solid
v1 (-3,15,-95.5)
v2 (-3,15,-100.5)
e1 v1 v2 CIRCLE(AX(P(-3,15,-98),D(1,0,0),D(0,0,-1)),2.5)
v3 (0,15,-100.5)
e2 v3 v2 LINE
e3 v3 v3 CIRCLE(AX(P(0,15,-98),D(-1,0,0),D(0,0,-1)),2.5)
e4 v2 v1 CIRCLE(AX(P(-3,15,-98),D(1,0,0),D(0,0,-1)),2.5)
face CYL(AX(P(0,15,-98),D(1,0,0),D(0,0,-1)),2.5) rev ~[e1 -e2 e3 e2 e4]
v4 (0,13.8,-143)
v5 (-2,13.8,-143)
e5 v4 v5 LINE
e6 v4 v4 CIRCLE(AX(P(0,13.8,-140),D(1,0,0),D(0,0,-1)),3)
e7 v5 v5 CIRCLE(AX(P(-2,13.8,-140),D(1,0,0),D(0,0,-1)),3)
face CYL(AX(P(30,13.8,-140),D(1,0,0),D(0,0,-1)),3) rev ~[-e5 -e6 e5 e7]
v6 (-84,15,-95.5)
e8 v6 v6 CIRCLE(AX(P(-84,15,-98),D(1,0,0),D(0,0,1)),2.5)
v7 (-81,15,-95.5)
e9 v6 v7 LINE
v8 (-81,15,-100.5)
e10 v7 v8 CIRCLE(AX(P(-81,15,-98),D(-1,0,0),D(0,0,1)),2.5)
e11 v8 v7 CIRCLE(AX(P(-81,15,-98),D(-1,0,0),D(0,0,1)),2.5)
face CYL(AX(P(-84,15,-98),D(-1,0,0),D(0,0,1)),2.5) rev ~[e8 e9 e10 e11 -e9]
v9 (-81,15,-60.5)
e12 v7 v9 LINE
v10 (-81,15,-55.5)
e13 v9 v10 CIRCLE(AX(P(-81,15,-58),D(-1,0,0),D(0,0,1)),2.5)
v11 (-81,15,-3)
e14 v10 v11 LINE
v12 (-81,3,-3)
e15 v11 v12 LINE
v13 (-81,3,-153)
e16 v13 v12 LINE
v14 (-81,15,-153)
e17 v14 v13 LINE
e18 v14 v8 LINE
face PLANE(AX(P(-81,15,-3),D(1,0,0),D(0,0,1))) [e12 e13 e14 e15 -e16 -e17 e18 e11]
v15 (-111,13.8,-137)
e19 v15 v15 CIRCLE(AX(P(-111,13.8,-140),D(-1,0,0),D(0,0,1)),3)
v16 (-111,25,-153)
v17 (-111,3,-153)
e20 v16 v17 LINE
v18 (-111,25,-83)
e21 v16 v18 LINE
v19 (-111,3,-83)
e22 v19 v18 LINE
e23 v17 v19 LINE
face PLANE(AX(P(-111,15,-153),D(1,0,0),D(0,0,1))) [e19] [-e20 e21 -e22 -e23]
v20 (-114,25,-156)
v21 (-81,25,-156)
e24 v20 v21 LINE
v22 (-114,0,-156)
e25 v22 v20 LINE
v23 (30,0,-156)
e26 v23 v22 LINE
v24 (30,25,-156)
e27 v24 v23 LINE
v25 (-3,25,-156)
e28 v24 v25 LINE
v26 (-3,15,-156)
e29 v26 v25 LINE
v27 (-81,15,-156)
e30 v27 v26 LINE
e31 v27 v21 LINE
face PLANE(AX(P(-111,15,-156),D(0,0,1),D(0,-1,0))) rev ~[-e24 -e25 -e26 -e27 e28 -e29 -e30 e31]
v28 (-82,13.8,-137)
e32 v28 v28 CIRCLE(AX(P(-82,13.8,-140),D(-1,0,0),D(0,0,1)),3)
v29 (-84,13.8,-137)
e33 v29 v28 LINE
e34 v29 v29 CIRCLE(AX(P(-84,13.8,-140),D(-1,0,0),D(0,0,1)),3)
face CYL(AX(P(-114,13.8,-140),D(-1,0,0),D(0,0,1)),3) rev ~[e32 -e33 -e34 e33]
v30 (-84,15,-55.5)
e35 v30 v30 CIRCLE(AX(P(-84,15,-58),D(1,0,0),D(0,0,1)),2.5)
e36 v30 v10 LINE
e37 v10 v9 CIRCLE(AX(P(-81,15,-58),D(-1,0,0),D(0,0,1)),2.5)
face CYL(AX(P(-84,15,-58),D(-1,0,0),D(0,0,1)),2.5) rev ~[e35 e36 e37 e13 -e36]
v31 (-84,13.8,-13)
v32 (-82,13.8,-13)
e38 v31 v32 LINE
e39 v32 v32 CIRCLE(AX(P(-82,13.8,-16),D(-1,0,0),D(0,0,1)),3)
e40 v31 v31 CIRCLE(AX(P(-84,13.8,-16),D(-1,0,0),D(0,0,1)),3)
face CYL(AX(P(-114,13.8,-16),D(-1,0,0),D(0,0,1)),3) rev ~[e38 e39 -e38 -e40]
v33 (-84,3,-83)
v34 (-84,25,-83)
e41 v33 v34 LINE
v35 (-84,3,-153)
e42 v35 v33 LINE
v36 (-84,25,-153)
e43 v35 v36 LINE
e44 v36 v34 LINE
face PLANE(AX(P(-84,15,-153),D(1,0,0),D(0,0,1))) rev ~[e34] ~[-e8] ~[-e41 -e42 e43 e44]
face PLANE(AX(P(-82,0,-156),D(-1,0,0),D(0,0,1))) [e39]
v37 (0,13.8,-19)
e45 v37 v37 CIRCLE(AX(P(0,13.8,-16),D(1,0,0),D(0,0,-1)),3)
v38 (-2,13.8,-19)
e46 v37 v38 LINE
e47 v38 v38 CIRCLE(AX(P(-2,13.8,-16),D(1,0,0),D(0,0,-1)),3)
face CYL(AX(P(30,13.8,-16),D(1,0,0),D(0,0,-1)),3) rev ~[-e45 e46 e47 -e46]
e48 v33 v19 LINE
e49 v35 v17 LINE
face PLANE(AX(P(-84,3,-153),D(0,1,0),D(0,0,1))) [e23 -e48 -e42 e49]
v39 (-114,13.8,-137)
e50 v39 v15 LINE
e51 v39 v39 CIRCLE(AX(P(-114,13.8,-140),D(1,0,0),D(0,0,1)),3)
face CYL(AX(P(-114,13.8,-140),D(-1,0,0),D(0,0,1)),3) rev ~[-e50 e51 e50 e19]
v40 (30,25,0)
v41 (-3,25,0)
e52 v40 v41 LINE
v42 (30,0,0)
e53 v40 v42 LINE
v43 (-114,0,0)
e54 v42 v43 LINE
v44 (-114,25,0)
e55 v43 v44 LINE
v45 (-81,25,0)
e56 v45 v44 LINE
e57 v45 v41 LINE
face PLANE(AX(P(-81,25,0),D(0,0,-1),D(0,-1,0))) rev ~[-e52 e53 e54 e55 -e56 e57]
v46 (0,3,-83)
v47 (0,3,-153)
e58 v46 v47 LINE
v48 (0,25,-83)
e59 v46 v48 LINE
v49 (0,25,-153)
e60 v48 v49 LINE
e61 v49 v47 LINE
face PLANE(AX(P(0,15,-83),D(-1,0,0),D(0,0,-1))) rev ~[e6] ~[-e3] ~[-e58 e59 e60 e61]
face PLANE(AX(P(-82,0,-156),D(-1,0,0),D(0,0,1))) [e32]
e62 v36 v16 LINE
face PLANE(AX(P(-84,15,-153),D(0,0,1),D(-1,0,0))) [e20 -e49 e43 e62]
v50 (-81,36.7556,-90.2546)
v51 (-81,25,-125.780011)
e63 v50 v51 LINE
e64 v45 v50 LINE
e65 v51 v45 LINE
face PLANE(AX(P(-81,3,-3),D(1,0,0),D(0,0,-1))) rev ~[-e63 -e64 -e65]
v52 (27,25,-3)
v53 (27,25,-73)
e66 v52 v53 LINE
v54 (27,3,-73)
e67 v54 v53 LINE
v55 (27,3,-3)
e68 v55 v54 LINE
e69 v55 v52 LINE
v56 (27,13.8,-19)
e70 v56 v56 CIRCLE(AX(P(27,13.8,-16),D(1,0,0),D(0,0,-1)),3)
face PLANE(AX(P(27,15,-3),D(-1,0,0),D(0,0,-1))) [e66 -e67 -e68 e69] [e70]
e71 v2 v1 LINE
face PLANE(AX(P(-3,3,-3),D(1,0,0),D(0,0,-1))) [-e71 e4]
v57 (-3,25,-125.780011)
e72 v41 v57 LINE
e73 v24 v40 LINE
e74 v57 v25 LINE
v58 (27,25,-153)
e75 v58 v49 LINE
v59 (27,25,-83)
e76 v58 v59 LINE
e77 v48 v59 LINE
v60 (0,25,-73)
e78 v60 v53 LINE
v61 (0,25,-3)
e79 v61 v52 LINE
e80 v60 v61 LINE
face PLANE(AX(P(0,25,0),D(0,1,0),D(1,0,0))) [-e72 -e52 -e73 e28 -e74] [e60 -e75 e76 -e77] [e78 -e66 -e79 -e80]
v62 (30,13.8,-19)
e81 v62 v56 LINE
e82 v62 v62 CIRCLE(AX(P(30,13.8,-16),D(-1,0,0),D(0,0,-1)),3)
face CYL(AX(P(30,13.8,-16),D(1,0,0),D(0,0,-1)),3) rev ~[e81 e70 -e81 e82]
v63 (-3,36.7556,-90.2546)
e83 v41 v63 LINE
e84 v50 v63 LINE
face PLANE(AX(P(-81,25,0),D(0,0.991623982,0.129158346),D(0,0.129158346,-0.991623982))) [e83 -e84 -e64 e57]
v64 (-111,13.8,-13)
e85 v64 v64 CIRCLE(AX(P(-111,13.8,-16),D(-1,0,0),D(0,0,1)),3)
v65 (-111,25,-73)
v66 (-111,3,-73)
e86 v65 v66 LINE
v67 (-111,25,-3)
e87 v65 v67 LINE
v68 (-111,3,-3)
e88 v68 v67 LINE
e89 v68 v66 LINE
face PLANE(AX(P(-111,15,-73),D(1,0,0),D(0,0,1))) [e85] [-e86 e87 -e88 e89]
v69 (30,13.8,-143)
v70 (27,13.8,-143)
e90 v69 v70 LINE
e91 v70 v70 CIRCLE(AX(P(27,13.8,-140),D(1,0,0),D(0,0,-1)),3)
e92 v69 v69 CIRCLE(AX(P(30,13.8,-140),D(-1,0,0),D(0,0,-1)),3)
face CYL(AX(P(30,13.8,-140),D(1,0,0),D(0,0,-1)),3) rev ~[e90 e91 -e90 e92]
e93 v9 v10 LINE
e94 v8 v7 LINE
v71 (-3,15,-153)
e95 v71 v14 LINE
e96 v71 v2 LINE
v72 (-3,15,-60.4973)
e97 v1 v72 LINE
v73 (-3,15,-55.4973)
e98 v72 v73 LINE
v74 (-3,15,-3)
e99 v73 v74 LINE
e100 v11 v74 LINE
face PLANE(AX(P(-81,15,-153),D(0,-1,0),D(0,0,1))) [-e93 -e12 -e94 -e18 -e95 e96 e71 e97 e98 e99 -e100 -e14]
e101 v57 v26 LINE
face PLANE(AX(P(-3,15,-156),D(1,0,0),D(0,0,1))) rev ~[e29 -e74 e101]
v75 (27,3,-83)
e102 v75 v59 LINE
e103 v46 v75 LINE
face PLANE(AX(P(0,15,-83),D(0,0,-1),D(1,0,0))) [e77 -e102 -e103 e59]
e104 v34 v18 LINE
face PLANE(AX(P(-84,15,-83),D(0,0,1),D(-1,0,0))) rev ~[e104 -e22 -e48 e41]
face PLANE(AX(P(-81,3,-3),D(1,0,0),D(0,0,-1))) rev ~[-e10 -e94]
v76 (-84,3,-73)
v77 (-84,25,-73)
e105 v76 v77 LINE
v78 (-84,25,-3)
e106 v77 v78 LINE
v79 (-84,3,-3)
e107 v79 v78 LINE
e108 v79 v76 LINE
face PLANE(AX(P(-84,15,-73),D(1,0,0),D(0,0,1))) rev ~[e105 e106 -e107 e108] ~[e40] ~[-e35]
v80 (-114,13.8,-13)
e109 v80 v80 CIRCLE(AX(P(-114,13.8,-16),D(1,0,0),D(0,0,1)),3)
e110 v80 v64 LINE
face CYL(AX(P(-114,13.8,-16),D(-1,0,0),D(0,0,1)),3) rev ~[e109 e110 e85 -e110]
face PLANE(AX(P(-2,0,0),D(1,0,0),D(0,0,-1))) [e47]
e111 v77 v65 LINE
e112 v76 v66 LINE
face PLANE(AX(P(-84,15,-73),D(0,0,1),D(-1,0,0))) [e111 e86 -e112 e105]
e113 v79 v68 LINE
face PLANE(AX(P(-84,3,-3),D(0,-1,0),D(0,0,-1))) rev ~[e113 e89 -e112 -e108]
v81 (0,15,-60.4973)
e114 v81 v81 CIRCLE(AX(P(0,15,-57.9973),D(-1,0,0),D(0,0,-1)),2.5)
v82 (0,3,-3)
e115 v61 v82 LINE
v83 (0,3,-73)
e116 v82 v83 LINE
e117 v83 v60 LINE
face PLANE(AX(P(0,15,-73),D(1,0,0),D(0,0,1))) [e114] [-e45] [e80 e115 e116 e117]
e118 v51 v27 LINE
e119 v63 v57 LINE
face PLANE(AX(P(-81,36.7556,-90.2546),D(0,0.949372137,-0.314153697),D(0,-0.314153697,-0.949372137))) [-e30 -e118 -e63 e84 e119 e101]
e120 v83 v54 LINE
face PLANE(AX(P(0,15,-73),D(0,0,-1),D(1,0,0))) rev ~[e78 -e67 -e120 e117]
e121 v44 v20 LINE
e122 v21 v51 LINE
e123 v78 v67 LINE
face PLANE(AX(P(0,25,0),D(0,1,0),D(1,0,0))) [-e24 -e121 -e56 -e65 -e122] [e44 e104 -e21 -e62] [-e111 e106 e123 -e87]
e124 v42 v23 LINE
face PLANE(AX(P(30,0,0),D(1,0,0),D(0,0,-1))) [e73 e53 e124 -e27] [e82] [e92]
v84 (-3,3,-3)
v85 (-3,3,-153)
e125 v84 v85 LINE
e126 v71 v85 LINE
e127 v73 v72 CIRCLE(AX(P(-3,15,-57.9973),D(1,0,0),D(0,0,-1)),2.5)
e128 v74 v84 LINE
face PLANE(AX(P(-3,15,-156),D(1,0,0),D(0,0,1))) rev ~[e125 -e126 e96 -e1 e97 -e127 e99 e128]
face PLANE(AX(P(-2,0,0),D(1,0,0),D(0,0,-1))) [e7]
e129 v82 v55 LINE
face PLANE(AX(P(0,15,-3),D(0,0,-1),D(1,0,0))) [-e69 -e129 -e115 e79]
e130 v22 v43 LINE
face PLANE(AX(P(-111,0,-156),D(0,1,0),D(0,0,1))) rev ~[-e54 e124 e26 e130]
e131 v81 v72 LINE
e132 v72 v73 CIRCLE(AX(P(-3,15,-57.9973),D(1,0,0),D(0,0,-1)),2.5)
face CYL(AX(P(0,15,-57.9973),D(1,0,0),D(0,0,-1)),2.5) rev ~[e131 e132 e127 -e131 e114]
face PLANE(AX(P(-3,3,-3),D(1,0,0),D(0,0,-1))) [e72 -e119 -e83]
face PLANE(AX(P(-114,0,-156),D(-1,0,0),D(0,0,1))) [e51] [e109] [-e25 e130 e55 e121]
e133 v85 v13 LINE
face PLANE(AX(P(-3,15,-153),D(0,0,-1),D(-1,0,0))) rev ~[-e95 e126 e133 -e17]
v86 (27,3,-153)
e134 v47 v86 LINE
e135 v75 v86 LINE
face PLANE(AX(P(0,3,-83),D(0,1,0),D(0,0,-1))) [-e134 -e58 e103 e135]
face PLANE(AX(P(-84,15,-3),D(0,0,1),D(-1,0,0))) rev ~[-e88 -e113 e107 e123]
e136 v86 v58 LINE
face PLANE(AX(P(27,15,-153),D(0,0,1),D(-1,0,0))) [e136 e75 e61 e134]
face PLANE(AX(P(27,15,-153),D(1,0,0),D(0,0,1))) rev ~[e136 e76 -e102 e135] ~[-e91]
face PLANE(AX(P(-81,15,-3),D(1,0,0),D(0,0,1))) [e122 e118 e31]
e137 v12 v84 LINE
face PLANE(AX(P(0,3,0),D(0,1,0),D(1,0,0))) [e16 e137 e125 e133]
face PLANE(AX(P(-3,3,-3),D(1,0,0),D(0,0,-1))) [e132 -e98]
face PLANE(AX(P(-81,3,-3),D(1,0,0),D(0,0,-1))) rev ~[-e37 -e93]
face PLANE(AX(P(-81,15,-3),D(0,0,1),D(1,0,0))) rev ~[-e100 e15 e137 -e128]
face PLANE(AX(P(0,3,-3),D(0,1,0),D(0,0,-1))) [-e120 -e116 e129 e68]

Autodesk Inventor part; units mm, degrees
ref_plane "YZ Plane" through (0, 0, 0) normal (1, 0, 0) x (0, 1, 0)
ref_plane "XZ Plane" through (0, 0, 0) normal (0, 1, 0) x (-1, 0, 0)
ref_plane "XY Plane" through (0, 0, 0) normal (0, 0, 1) x (1, 0, 0)
sketch "Sketch1" plane through (0, 0, 0) normal (0, 1, 0) x (-1, 0, 0)
  line L0 (0, 0) -> (84, 0)
  line L1 (84, 0) -> (84, -156)
  line L2 (84, -156) -> (0, -156)
  line L3 (0, -156) -> (0, 0)
  line L4 (84, 0) -> (84, -3)
  line L5 (84, -3) -> (81, -3) construction
  line L6 (0, -156) -> (0, -153)
  line L7 (0, -153) -> (3, -153) construction
  line L8 (81, -3) -> (3, -3)
  line L9 (3, -3) -> (3, -153)
  line L10 (3, -153) -> (81, -153)
  line L11 (81, -153) -> (81, -3)
  dimension "d0" = 84
  dimension "d1" = 156
  dimension "d2" = 3
  dimension "d3" = 3
  dimension "d4" = 3
  dimension "d5" = 3
extrude "Extrusion1" add sketch "Sketch1" along normal blind 15 contours L0 L1 L2 L3 | L11 L10 L9 L8
sketch "Sketch2" plane through (0, 15, 0) normal (0, 1, 0) x (1, 0, 0)
  line L0 (-84, 156) -> (-84, 0) projected
  line L1 (-84, 0) -> (-84, 3)
  line L2 (-84, 3) -> (-81, 3) construction
  line L3 (0, 0) -> (0, 156) projected
  line L4 (0, 156) -> (0, 153)
  line L5 (0, 153) -> (-3, 153) construction
  line L6 (-81, 3) -> (-3, 3)
  line L7 (-3, 3) -> (-3, 153)
  line L8 (-3, 153) -> (-81, 153)
  line L9 (-81, 153) -> (-81, 3)
  dimension "d8" = 3
  dimension "d9" = 3
  dimension "d10" = 3
  dimension "d11" = 3
extrude "Extrusion2" cut sketch "Sketch2" against normal blind 12
sketch "Sketch5" plane through (0, 0, 0) normal (1, 0, 0) x (0, 0, -1)
  line L0 (0, 15) -> (156, 15) projected
  line L1 (0, 15) -> (0, 0)
  line L2 (156, 0) -> (0, 0) projected
  line L3 (0, 0) -> (156, 0)
  line L4 (156, 0) -> (156, 15)
  line L5 (156, 15) -> (153, 15)
  line L6 (3, 3) -> (153, 3) projected
  line L7 (153, 15) -> (153, 3)
  line L8 (153, 3) -> (83, 3)
  line L9 (83, 3) -> (83, 15)
  line L10 (0, 15) -> (3, 15)
  line L11 (3, 15) -> (3, 3) projected
  line L12 (3, 15) -> (3, 3)
  line L13 (3, 3) -> (73, 3)
  line L14 (73, 3) -> (73, 15)
  line L15 (83, 15) -> (73, 15)
  dimension "d18" = 3
  dimension "d19" = 12
  dimension "d20" = 70
  dimension "d21" = 70
extrude "Extrusion3" add sketch "Sketch5" along normal blind 27 contours L0 L11 L6 L7 L4 L2 L1 | L0 L9 L6 L14
sketch "Sketch6" plane through (27, 0, 0) normal (1, 0, 0) x (0, 0, -1)
  line L0 (0, 15) -> (0, 0) projected
  line L1 (156, 0) -> (156, 15) projected
  line L2 (0, 0) -> (156, 0)
  line L3 (156, 0) -> (156, 15)
  line L4 (156, 15) -> (0, 15)
  line L5 (0, 15) -> (0, 0)
extrude "Extrusion4" add sketch "Sketch6" along normal blind 3
sketch "Sketch8" plane through (-84, 0, -156) normal (-1, 0, 0) x (0, 0, 1)
  line L0 (3, 15) -> (3, 3) projected
  line L1 (3, 15) -> (3, 3)
  line L2 (3, 3) -> (73, 3)
  line L3 (73, 3) -> (73, 15)
  line L4 (156, 15) -> (153, 15)
  line L5 (153, 15) -> (153, 3)
  line L6 (153, 3) -> (83, 3)
  line L7 (83, 3) -> (83, 15)
  line L8 (83, 15) -> (73, 15)
  line L9 (156, 0) -> (156, 15) projected
  line L10 (156, 15) -> (156, 0)
  line L11 (156, 0) -> (0, 0)
  line L12 (0, 0) -> (0, 15) projected
  line L13 (0, 0) -> (0, 15)
  line L14 (0, 15) -> (3, 15)
  dimension "d35" = 70
  dimension "d38" = 12
  dimension "d39" = 70
extrude "Extrusion5" add sketch "Sketch8" along normal blind 27
sketch "Sketch9" plane through (-111, 0, -156) normal (-1, 0, 0) x (0, 0, 1)
  line L0 (0, 0) -> (156, 0) projected
  line L1 (156, 15) -> (156, 0) projected
  line L2 (0, 0) -> (156, 0)
  line L3 (156, 0) -> (156, 15)
  line L4 (156, 15) -> (0, 15)
  line L5 (0, 15) -> (0, 0)
extrude "Extrusion6" add sketch "Sketch9" along normal blind 3
sketch "Sketch10" plane through (0, 15, 0) normal (0, 1, 0) x (1, 0, 0)
  line L0 (-3, 3) -> (-81, 3) projected
  line L1 (-3, 3) -> (-3, 0)
  line L2 (30, 0) -> (-114, 0) projected
  line L3 (30, 156) -> (30, 0) projected
  line L4 (30, 156) -> (-3, 156)
  line L5 (-3, 156) -> (-3, 0)
  line L6 (-3, 0) -> (30, 0)
  line L7 (30, 0) -> (30, 156)
  line L8 (-81, 3) -> (-81, 0)
  line L9 (-114, 156) -> (30, 156) projected
  line L10 (-114, 156) -> (-81, 156)
  line L11 (-81, 156) -> (-81, 0)
  line L12 (-81, 0) -> (-114, 0)
  line L13 (-114, 0) -> (-114, 156)
  line L14 (27, 153) -> (27, 83) projected
  line L15 (0, 83) -> (0, 153) projected
  line L16 (27, 153) -> (0, 153)
  line L17 (0, 153) -> (0, 83)
  line L18 (0, 83) -> (27, 83)
  line L19 (27, 83) -> (27, 153)
  line L20 (0, 73) -> (27, 73) projected
  line L21 (0, 3) -> (27, 3) projected
  line L22 (27, 73) -> (0, 73)
  line L23 (0, 73) -> (0, 3)
  line L24 (0, 3) -> (27, 3)
  line L25 (27, 3) -> (27, 73)
  line L26 (-84, 153) -> (-84, 83) projected
  line L27 (-84, 83) -> (-111, 83) projected
  line L28 (-84, 153) -> (-111, 153)
  line L29 (-111, 153) -> (-111, 83)
  line L30 (-111, 83) -> (-84, 83)
  line L31 (-84, 83) -> (-84, 153)
  line L32 (-84, 73) -> (-84, 3) projected
  line L33 (-84, 3) -> (-111, 3) projected
  line L34 (-84, 73) -> (-111, 73)
  line L35 (-111, 73) -> (-111, 3)
  line L36 (-111, 3) -> (-84, 3)
  line L37 (-84, 3) -> (-84, 73)
  point P0 (0, 0)
extrude "Extrusion7" add sketch "Sketch10" along normal blind 10 contours L5 L4 L3 L2 L1 | L8 L2 L13 L9 L11
sketch "Sketch11" plane through (-114, 0, -156) normal (-1, 0, 0) x (0, 0, 1)
  line L0 (0, 25) -> (16, 25)
  line L1 (16, 25) -> (16, 13.8)
  circle A0 centre (16, 13.8) radius 3
  line L2 (156, 15) -> (156, 25) projected
  line L3 (156, 25) -> (140, 25)
  line L4 (140, 25) -> (140, 13.8)
  circle A1 centre (140, 13.8) radius 3
  dimension "d117" = 16
  dimension "d118" = 11.2
  dimension "d119" = 6
  dimension "d120" = 16
  dimension "d121" = 11.2
  dimension "d122" = 6
extrude "Extrusion8" cut sketch "Sketch11" against normal blind 32
sketch "Sketch12" plane through (30, 0, 0) normal (1, 0, 0) x (0, 0, -1)
  line L0 (0, 25) -> (16, 25)
  line L1 (0, 25) -> (16, 25) construction
  line L2 (16, 25) -> (16, 13.8)
  circle A0 centre (16, 13.8) radius 3
  line L3 (156, 25) -> (140, 25)
  line L4 (140, 25) -> (140, 13.8)
  circle A1 centre (140, 13.8) radius 3
  dimension "d98" = 16
  dimension "d99" = 0
  dimension "d100" = 11.2
  dimension "d101" = 6
  dimension "d102" = 16
  dimension "d103" = 11.2
  dimension "d104" = 6
extrude "Extrusion9" cut sketch "Sketch12" against normal blind 32
sketch "Sketch13" plane through (0, 3, -3) normal (1, 0, 0) x (0, 0, -1)
  line L0 (0, 22) -> (70, 22) projected
  line L1 (0, 22) -> (55, 22)
  line L2 (55, 22) -> (54.9973, 12)
  circle A0 centre (54.9973, 12) radius 2.5
  line L3 (80, 22) -> (95, 22)
  line L4 (80, 22) -> (150, 22) projected
  line L5 (95, 22) -> (95, 12)
  circle A1 centre (95, 12) radius 2.5
  point P0 (-3, -3)
  dimension "d105" = 55
  dimension "d106" = 10
  dimension "d107" = 5
  dimension "d108" = 15
  dimension "d109" = 10
  dimension "d110" = 5
sketch "Sketch14" plane through (-84, 3, -153) normal (-1, 0, 0) x (0, 0, 1)
  line L0 (70, 0) -> (70, 22) projected
  line L1 (70, 22) -> (55, 22)
  line L2 (55, 22) -> (55, 12)
  circle A0 centre (55, 12) radius 2.5
  line L3 (80, 22) -> (95, 22)
  line L4 (95, 22) -> (95, 12)
  circle A1 centre (95, 12) radius 2.5
  point P0 (153, -3)
  point P1 (0, 22)
  point P2 (150, 22)
  dimension "d111" = 15
  dimension "d112" = 10
  dimension "d113" = 5
  dimension "d114" = 15
  dimension "d115" = 10
  dimension "d116" = 5
extrude "Extrusion10" cut sketch "Sketch14" against normal blind 10
extrude "Extrusion11" cut sketch "Sketch13" against normal blind 10
sketch "Sketch15" plane through (-81, 3, -3) normal (1, 0, 0) x (0, 0, -1)
  line L0 (-3, 22) -> (87.2546, 33.7556)
  line L1 (87.2546, 33.7556) -> (153, 12)
  line L2 (-3, 22) -> (-3, 12)
  line L3 (153, 12) -> (150, 12)
  line L4 (153, 12) -> (-3, 12)
extrude "Extrusion12" add sketch "Sketch15" along normal up to surface (78 mm away)
properties part number "prototype 1"
